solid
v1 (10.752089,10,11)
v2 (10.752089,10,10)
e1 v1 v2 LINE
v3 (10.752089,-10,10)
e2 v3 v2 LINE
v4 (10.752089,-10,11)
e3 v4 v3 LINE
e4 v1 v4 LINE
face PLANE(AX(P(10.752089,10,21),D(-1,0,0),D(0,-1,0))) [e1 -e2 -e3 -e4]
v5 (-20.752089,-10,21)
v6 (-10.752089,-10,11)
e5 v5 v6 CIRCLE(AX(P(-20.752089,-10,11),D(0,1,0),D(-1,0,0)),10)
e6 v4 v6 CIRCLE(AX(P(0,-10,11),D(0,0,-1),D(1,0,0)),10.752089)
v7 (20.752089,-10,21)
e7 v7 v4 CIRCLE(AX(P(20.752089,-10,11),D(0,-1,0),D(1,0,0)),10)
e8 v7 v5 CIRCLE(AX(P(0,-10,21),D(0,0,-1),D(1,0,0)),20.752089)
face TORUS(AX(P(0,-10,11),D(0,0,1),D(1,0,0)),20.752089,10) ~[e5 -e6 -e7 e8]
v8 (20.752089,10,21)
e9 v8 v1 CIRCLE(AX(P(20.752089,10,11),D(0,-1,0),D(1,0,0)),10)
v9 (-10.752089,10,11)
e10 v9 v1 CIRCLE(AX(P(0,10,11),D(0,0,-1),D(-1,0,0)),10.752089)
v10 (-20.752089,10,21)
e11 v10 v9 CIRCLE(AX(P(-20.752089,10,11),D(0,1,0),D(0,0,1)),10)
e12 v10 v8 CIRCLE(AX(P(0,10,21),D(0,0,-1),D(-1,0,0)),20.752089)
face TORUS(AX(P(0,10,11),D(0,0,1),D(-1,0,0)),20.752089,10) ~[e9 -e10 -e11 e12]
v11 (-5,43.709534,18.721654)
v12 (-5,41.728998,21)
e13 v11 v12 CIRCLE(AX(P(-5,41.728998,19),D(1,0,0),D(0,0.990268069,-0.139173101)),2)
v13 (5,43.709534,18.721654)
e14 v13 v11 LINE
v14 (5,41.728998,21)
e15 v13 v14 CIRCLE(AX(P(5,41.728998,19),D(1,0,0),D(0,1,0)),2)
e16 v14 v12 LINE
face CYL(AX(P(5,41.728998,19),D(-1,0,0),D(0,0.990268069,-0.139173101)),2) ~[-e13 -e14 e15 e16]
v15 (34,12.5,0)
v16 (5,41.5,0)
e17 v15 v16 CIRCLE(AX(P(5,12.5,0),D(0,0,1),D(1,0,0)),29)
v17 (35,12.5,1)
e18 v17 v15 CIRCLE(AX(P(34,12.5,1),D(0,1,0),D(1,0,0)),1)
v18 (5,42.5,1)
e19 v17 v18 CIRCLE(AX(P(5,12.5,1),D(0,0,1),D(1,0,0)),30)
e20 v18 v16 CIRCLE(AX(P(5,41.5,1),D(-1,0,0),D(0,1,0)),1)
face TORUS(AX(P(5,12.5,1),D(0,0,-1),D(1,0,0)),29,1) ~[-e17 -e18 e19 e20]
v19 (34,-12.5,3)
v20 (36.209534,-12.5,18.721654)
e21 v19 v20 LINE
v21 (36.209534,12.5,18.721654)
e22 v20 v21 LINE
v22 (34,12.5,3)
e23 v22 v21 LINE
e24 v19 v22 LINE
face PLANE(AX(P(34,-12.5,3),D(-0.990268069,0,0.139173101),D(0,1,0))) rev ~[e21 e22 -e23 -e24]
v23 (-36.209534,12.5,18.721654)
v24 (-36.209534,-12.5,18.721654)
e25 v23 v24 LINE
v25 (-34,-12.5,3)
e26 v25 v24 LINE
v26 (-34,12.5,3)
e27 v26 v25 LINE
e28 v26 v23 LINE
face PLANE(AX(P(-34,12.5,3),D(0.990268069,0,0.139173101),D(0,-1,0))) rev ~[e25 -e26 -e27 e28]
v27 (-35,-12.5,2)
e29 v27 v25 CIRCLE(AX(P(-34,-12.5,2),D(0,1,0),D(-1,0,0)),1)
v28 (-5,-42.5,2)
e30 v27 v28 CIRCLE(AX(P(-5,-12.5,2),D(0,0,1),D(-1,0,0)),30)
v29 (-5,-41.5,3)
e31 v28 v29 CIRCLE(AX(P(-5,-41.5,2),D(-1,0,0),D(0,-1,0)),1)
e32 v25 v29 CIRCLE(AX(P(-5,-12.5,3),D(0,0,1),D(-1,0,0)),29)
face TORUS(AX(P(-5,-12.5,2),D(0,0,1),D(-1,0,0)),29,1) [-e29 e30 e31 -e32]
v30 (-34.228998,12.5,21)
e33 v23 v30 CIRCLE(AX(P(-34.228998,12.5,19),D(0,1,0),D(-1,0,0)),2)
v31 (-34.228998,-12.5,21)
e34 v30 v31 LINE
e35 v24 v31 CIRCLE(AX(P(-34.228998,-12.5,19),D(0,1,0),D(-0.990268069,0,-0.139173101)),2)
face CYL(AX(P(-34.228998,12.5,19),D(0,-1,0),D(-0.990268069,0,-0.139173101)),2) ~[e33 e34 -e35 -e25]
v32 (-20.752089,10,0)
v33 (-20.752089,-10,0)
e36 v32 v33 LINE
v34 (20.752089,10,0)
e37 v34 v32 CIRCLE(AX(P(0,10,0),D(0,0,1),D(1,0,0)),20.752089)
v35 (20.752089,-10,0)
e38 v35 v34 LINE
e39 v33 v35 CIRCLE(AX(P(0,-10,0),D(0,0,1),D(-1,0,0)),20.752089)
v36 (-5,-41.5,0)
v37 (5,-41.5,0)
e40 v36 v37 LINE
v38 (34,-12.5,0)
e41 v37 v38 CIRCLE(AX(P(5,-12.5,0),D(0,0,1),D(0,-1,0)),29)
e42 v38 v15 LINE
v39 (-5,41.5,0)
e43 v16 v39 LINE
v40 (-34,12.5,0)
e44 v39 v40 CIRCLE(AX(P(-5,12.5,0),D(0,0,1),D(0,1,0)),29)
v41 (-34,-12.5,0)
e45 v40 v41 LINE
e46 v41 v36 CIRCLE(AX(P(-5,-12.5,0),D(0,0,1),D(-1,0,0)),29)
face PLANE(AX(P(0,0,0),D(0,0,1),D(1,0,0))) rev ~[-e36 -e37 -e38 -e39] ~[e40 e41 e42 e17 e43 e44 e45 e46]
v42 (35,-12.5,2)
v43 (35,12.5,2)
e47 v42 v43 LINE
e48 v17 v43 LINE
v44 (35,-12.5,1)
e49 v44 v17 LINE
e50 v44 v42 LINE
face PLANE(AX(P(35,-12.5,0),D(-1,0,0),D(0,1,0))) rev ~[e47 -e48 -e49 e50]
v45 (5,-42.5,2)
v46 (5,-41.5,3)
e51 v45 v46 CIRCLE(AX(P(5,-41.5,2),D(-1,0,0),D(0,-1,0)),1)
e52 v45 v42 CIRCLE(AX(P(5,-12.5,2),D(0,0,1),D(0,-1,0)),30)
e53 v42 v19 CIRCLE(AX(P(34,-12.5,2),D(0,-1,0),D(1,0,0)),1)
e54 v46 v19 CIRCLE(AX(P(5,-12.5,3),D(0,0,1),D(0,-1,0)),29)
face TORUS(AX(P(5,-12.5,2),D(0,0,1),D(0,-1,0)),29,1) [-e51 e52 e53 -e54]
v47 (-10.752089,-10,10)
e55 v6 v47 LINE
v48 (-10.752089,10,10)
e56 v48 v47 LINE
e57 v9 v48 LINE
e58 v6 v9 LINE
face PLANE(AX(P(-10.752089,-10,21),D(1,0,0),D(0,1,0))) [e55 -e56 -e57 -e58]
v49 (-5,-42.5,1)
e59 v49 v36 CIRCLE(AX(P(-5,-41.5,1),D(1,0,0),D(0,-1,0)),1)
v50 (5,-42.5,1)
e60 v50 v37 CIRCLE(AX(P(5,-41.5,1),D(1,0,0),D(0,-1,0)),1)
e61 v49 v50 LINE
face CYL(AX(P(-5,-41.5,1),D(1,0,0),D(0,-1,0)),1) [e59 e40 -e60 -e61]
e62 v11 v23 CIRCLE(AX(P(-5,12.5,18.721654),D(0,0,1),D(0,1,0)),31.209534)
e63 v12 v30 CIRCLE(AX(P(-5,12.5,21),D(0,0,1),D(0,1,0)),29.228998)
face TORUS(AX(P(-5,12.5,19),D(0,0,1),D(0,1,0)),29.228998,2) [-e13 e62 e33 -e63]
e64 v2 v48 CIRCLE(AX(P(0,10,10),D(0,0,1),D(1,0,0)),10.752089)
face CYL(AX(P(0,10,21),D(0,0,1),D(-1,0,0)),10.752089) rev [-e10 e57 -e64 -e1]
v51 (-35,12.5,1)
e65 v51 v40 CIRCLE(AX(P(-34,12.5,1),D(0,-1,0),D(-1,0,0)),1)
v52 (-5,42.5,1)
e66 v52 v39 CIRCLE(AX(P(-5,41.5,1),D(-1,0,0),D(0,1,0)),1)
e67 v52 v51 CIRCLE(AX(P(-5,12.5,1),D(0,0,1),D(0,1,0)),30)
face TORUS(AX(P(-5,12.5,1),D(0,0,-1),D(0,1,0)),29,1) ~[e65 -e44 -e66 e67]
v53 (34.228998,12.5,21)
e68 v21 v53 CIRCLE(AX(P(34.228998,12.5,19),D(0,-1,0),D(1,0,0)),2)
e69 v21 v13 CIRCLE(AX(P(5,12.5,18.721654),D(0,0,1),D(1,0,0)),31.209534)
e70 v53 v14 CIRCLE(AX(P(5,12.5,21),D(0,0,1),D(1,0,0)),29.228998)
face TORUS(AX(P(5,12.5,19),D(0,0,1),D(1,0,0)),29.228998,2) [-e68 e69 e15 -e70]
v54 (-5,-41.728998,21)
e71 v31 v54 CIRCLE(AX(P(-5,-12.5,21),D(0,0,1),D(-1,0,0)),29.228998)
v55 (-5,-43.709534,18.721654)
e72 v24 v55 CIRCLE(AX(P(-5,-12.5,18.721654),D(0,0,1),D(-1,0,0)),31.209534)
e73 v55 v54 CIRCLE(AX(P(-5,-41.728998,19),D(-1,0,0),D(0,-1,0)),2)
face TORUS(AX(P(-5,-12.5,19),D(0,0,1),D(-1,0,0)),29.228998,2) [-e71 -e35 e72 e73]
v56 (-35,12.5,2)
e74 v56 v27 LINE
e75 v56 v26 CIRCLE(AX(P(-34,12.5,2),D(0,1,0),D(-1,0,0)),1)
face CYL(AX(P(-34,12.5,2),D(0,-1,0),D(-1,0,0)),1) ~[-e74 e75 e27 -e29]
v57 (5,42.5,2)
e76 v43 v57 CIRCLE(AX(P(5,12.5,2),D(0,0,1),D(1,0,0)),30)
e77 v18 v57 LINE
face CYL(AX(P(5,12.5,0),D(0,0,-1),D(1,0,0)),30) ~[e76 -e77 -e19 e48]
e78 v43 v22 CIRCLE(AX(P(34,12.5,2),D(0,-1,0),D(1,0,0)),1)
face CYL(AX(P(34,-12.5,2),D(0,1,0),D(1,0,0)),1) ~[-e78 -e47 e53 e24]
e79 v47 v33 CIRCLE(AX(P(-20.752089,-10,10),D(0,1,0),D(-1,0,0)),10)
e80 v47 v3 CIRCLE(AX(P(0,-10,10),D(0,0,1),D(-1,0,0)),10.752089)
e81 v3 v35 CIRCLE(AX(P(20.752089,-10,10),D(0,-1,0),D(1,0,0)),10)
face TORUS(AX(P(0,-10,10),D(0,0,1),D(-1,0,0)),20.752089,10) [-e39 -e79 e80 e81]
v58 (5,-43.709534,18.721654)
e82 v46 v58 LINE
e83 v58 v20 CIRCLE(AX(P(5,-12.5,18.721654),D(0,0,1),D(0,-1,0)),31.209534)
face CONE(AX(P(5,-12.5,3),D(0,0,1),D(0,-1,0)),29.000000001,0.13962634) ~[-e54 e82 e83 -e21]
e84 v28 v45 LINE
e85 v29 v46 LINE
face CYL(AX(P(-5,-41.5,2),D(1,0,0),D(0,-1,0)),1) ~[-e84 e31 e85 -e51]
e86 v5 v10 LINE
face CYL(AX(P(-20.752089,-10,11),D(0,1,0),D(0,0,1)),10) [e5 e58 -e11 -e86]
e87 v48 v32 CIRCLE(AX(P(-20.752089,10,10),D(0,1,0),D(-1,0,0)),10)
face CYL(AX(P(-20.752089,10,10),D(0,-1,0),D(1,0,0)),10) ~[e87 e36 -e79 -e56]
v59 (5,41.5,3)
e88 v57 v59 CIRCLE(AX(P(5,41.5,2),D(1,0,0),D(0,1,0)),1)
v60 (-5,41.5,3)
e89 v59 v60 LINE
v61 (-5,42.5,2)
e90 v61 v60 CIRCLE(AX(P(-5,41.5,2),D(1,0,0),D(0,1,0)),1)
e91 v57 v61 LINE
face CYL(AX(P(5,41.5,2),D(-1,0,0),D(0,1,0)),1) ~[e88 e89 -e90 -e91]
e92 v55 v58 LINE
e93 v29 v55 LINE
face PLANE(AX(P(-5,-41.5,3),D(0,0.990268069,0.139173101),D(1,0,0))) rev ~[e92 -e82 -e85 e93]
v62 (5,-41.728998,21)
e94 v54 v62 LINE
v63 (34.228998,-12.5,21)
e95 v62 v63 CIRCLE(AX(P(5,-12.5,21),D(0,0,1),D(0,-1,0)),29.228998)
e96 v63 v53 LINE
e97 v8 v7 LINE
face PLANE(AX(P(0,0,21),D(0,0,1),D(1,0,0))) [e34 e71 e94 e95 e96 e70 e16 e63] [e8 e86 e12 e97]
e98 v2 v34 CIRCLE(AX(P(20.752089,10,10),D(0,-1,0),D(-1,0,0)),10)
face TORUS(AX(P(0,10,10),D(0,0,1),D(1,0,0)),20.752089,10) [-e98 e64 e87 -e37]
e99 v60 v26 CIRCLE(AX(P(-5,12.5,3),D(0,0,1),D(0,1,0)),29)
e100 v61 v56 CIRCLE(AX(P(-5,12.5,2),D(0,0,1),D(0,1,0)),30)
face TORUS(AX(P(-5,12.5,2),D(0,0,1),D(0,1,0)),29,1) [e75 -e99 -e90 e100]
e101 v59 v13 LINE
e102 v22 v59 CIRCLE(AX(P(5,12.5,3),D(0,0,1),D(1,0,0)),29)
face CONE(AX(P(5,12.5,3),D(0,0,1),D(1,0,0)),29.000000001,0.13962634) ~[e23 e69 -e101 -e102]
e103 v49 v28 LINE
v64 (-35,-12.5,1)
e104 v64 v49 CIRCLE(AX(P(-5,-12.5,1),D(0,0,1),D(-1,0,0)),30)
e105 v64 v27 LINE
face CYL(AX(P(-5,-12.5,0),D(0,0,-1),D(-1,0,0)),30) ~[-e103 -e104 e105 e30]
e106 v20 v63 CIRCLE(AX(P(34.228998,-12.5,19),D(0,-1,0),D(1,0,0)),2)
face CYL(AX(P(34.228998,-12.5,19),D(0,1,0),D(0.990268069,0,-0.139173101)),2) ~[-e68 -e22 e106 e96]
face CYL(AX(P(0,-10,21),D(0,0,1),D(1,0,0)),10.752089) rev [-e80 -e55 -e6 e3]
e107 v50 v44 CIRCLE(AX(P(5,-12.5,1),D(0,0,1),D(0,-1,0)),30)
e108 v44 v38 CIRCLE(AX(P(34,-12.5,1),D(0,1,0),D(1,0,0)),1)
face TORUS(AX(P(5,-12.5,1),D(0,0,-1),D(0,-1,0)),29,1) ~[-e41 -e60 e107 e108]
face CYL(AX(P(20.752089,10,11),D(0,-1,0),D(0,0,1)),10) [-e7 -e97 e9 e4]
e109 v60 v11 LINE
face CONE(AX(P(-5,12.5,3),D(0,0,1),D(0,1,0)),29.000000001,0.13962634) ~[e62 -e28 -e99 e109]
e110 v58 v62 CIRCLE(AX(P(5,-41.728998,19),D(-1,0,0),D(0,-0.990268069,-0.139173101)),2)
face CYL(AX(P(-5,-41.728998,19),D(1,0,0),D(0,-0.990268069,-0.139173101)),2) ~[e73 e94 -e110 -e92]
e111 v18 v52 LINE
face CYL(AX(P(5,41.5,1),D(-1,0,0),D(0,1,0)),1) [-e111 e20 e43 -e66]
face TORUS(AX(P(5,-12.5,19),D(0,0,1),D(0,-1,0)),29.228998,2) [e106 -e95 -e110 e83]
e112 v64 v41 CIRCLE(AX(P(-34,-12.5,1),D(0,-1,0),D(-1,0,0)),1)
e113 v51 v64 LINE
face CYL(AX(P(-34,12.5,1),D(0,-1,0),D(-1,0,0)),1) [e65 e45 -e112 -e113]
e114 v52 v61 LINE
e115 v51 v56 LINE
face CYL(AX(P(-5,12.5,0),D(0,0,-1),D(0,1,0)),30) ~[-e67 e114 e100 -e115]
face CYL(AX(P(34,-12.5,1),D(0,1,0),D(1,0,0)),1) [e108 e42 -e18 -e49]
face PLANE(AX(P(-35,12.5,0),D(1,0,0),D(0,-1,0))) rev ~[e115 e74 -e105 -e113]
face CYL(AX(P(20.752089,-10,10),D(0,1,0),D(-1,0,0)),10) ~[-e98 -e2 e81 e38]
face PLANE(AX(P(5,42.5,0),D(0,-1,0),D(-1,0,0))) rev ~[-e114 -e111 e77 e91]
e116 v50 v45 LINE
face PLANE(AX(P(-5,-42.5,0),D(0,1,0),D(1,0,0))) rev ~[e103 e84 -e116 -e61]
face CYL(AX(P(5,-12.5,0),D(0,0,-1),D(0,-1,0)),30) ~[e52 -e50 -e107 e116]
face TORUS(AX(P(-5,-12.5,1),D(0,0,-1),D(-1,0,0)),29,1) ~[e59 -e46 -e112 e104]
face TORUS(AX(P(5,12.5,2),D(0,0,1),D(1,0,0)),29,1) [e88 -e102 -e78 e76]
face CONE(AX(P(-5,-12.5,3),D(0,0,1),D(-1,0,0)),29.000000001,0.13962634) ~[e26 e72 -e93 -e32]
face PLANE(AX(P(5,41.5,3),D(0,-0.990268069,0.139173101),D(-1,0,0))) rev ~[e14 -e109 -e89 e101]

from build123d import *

# Parameters (mm, degrees)
BOSS_EXTRUDE1_DEPTH = 3
FILLET1_R           = 1
BOSS_EXTRUDE2_DEPTH = 18
BOSS_EXTRUDE2_DRAFT = -8
FILLET2_R           = 2
CUT_EXTRUDE1_DEPTH  = 61.545566409
FILLET4_R           = 10


with BuildPart() as part:
    # Sketch2 → Boss-Extrude1 (new body)
    with BuildSketch(Plane.XY):
        with BuildLine():
            Line((-5, -42.5), (5, -42.5))
            ThreePointArc((5, -42.5), (26.213203436, -33.713203436), (35, -12.5))
            Line((35, -12.5), (35, 12.5))
            ThreePointArc((35, 12.5), (26.213203436, 33.713203436), (5, 42.5))
            Line((5, 42.5), (-5, 42.5))
            ThreePointArc((-5, 42.5), (-26.213203436, 33.713203436), (-35, 12.5))
            Line((-35, 12.5), (-35, -12.5))
            ThreePointArc((-35, -12.5), (-26.213203436, -33.713203436), (-5, -42.5))
        make_face()
    extrude(amount=BOSS_EXTRUDE1_DEPTH)

    # Fillet1
    fillet1_edges = [part.edges().sort_by_distance(p)[0] for p in [
        (0, -42.5, 0),
        (-26.213203436, -33.713203436, 0),
        (-35, 0, 0),
        (-26.213203436, 33.713203436, 0),
        (-26.213203436, -33.713203436, 3),
        (0, -42.5, 3),
        (26.213203436, -33.713203436, 3),
        (35, 0, 3),
        (26.213203436, 33.713203436, 3),
        (0, 42.5, 3),
        (-26.213203436, 33.713203436, 3),
        (0, 42.5, 0),
        (-35, 0, 3),
        (26.213203436, 33.713203436, 0),
        (35, 0, 0),
        (26.213203436, -33.713203436, 0),
    ]]
    fillet(fillet1_edges, radius=FILLET1_R)


with BuildPart() as boss_extrude2_tool:
    # Sketch3 → Boss-Extrude2 (with draft: the straight prism first)
    with BuildSketch(Plane.XY.offset(3)):
        with BuildLine():
            Line((5, 41.5), (-5, 41.5))
            ThreePointArc((-5, 41.5), (-25.506096654, 33.006096654), (-34, 12.5))
            Line((-34, 12.5), (-34, -12.5))
            ThreePointArc((-34, -12.5), (-25.506096654, -33.006096654), (-5, -41.5))
            Line((-5, -41.5), (5, -41.5))
            ThreePointArc((5, -41.5), (25.506096654, -33.006096654), (34, -12.5))
            Line((34, -12.5), (34, 12.5))
            ThreePointArc((34, 12.5), (25.506096654, 33.006096654), (5, 41.5))
        make_face()
    extrude(amount=BOSS_EXTRUDE2_DEPTH)
    # Boss-Extrude2: the draft: its side faces are tilted about the plane it starts from
    boss_extrude2_sides = [boss_extrude2_tool.faces().sort_by_distance(p)[0] for p in [
        (-25.506096654, -33.006096654, 12),
        (0, -41.5, 12),
        (25.506096654, -33.006096654, 12),
        (34, 0, 12),
        (25.506096654, 33.006096654, 12),
        (0, 41.5, 12),
        (-25.506096654, 33.006096654, 12),
        (-34, 0, 12),
    ]]
    draft(boss_extrude2_sides, Plane.XY.offset(3), BOSS_EXTRUDE2_DRAFT)


with BuildPart() as part_1:
    add(part.part)

    # Boss-Extrude2: add boss_extrude2_tool
    add(boss_extrude2_tool.part)

    # Fillet2
    fillet2_edges = [part_1.edges().sort_by_distance(p)[0] for p in [
        (27.294889445, 34.794889445, 21),
        (0, 44.029735025, 21),
        (-27.294889445, 34.794889445, 21),
        (-36.529735025, 0, 21),
        (-27.294889445, -34.794889445, 21),
        (0, -44.029735025, 21),
        (27.294889445, -34.794889445, 21),
        (36.529735025, 0, 21),
    ]]
    fillet(fillet2_edges, radius=FILLET2_R)

    # Sketch5 → Cut-Extrude1 (cut, through all)
    with BuildSketch(Plane.XY.offset(21)):
        with BuildLine():
            Line((-10.75208941, -10), (-10.75208941, 10))
            ThreePointArc((-10.75208941, 10), (0, 20.75208941), (10.75208941, 10))
            Line((10.75208941, 10), (10.75208941, -10))
            ThreePointArc((10.75208941, -10), (0, -20.75208941), (-10.75208941, -10))
        make_face()
    extrude(amount=-CUT_EXTRUDE1_DEPTH, mode=Mode.SUBTRACT)

    # Fillet4
    fillet4_edges = [part_1.edges().sort_by_distance(p)[0] for p in [
        (0, -20.75208941, 0),
        (-10.75208941, 0, 0),
        (0, 20.75208941, 0),
        (10.75208941, 0, 0),
        (0, -20.75208941, 21),
        (10.75208941, 0, 21),
        (0, 20.75208941, 21),
        (-10.75208941, 0, 21),
    ]]
    fillet(fillet4_edges, radius=FILLET4_R)


solid = part_1.part
